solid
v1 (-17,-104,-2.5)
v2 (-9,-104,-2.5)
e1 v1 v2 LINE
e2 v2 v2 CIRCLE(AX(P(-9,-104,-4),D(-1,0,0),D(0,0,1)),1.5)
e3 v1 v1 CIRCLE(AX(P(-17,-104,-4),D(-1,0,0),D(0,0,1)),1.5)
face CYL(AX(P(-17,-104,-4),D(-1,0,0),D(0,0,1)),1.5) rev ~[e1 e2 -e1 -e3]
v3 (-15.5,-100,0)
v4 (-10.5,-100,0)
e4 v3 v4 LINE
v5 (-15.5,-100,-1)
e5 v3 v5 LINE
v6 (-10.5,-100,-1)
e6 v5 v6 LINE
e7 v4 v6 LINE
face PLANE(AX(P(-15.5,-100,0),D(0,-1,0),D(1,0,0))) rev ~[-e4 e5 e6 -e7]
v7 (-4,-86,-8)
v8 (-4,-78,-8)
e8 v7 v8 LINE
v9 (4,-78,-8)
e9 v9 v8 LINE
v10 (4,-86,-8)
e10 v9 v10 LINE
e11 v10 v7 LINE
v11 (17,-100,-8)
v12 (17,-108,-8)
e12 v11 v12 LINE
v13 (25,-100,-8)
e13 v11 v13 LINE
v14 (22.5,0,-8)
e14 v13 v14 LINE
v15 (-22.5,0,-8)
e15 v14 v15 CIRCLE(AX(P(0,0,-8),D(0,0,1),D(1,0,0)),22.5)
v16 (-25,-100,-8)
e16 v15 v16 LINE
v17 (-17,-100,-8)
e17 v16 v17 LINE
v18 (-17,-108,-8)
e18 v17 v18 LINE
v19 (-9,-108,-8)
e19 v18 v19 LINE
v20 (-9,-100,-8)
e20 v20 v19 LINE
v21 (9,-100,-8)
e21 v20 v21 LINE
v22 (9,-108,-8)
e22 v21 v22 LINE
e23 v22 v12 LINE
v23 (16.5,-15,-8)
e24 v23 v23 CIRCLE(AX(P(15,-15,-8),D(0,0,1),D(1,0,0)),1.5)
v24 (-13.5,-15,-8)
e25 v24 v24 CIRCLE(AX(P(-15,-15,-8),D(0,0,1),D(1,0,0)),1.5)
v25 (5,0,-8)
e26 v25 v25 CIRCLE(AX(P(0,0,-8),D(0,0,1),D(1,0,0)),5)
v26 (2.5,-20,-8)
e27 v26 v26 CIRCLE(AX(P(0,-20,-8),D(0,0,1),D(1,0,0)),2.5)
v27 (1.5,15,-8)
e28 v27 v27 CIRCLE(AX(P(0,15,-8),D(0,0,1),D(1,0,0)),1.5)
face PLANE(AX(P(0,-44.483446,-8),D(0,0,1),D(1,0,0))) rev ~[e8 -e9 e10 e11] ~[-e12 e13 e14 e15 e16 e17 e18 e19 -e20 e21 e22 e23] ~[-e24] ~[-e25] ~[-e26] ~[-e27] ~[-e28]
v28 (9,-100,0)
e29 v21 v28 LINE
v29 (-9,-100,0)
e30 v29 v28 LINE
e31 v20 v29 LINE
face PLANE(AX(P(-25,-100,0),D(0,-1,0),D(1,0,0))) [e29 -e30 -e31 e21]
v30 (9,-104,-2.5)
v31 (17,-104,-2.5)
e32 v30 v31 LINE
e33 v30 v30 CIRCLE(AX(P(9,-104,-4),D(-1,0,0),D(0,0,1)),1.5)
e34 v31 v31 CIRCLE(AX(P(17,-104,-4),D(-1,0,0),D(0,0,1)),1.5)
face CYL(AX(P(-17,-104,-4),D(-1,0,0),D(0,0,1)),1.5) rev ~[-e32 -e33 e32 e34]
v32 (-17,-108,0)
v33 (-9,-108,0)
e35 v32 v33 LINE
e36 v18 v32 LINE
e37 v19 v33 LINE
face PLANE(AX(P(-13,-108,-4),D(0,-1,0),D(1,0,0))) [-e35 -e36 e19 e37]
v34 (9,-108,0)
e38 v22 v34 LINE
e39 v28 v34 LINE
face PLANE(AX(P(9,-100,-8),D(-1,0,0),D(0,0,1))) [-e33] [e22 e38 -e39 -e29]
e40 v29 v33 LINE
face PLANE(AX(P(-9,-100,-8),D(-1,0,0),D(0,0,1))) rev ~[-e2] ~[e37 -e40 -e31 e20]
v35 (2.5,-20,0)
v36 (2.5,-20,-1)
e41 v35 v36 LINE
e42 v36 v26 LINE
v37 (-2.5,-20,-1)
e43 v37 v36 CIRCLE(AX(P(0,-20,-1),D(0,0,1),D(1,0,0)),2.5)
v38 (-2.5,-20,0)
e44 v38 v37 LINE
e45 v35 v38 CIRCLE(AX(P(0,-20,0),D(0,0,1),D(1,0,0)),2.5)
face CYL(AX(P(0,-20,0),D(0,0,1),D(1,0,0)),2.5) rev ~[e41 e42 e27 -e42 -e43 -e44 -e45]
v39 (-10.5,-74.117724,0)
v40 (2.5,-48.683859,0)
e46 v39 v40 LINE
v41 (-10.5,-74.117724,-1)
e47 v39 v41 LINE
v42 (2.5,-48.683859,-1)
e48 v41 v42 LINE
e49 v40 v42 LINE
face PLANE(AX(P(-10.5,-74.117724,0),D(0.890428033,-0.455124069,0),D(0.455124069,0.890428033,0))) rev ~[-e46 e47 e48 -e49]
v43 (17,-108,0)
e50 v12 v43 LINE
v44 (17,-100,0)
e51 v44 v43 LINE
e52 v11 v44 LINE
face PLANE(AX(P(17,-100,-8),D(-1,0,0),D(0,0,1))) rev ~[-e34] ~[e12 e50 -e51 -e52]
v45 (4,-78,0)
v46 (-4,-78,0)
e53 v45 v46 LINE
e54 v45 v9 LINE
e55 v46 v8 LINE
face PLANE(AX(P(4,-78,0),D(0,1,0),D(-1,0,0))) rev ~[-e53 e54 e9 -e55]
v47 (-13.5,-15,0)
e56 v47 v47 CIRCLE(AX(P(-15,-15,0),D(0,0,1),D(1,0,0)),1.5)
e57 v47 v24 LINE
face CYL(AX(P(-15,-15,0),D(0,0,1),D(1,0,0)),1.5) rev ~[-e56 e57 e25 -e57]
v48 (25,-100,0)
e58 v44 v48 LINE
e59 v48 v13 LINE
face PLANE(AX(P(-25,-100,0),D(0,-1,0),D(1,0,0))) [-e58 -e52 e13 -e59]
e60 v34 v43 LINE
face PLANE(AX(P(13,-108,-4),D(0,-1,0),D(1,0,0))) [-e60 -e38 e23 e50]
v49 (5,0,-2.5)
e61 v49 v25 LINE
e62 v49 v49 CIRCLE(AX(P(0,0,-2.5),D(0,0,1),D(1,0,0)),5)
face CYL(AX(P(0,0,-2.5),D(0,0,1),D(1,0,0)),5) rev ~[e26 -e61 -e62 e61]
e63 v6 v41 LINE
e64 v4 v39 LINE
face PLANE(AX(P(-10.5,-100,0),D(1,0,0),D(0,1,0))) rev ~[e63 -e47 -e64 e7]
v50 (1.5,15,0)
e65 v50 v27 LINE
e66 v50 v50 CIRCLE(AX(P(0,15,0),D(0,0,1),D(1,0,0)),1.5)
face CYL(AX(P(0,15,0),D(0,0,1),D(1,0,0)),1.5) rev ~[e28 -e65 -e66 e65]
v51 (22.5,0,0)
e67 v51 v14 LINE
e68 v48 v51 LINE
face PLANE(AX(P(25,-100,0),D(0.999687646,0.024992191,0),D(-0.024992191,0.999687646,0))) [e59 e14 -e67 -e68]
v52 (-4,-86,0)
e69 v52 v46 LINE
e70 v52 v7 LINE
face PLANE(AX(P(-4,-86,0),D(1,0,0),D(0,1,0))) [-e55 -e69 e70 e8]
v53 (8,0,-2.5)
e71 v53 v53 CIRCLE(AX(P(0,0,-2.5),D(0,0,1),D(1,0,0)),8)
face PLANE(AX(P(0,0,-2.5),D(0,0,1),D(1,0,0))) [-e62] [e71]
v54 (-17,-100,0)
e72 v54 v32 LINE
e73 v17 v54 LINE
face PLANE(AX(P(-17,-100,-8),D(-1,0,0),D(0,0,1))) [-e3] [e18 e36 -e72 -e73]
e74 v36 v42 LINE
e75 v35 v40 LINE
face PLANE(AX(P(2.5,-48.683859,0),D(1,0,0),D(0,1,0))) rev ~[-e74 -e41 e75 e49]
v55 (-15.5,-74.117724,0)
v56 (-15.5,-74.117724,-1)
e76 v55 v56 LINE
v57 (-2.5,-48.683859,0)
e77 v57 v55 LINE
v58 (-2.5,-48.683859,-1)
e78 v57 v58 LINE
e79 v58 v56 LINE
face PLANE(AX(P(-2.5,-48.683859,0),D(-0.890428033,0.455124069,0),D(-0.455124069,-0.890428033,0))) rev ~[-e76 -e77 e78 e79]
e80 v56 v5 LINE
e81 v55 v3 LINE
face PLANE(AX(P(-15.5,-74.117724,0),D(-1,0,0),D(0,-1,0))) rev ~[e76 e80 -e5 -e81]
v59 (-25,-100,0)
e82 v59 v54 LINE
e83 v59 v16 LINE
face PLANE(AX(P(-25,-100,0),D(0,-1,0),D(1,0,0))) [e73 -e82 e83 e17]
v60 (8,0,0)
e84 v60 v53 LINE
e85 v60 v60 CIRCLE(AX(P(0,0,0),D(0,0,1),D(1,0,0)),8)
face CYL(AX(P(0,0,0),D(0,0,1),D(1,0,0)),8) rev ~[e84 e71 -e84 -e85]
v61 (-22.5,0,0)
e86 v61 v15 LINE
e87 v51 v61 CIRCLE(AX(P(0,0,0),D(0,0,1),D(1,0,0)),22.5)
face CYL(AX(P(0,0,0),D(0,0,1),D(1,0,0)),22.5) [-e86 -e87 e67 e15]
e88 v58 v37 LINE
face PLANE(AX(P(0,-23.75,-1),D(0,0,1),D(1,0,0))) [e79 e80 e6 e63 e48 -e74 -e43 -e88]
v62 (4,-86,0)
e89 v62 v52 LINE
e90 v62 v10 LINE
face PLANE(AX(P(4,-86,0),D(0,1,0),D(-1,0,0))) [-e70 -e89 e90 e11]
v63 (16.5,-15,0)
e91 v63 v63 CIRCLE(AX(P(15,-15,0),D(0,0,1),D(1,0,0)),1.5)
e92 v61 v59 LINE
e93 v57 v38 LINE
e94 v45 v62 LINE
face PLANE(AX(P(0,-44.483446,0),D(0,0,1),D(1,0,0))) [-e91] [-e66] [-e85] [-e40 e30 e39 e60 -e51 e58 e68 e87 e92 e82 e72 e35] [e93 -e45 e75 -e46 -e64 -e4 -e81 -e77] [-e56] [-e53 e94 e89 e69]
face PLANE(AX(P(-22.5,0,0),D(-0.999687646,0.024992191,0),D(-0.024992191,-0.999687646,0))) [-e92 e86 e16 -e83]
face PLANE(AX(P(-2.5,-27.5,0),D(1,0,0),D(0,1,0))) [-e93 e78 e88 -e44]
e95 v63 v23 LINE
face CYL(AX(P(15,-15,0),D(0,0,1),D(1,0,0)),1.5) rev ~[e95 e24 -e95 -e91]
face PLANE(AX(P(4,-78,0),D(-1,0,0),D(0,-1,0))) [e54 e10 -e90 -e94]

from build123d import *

# Parameters (mm, degrees)
ARM_BOSS_EXTRUDE1_DEPTH                    = 8
SKETCH2_R                                  = 8
BEARING_CUT_EXTRUDE1_DEPTH                 = 2.5
SKETCH3_R                                  = 5
SHAFT_HOLE_CUT_EXTRUDE2_DEPTH              = 5.5
SKETCH4_R                                  = 2.5
CABLE_HOLE_CUT_EXTRUDE3_DEPTH              = 8
SKETCH5_W                                  = 8
SKETCH5_H                                  = 8
PUZZLE_SLOT_BOSS_EXTRUDE2_DEPTH            = 8
SKETCH6_W                                  = 5
SKETCH6_H                                  = 7.5
CABLE_CUT_EXTRUDE4_DEPTH                   = 1
SKETCH7_R                                  = 1.5
MOUNTING_HOLES_CUT_EXTRUDE5_DEPTH          = 8
PUZZLE_SLOT_SCREW_HOLES_CUT_EXTRUDE6_REACH = 118.155
SKETCH8_R                                  = 1.5
SIDE_PUZZLE_SLOT_CUT_EXTRUDE7_DEPTH        = 8
CABLE_LOWER_CUT_EXTRUDE8_DEPTH             = 1


with BuildPart() as part:
    # Sketch1 → Arm Boss-Extrude1 (new body)
    with BuildSketch(Plane.XY):
        with BuildLine():
            Line((-22.5, 0), (-25, -100))
            Line((-25, -100), (0, -100))
            Line((0, -100), (25, -100))
            Line((25, -100), (22.5, 0))
            ThreePointArc((22.5, 0), (0, 22.5), (-22.5, 0))
        make_face()
    extrude(amount=-ARM_BOSS_EXTRUDE1_DEPTH)

    # Sketch2 → Bearing Cut-Extrude1 (cut)
    with BuildSketch(Plane.XY):
        Circle(SKETCH2_R)
    extrude(amount=-BEARING_CUT_EXTRUDE1_DEPTH, mode=Mode.SUBTRACT)

    # Sketch3 → Shaft Hole Cut-Extrude2 (cut)
    with BuildSketch(Plane.XY.offset(-2.5)):
        Circle(SKETCH3_R)
    extrude(amount=-SHAFT_HOLE_CUT_EXTRUDE2_DEPTH, mode=Mode.SUBTRACT)

    # Sketch4 → Cable Hole Cut-Extrude3 (cut)
    with BuildSketch(Plane.XY):
        with Locations((0, -20)):
            Circle(SKETCH4_R)
    extrude(amount=-CABLE_HOLE_CUT_EXTRUDE3_DEPTH, mode=Mode.SUBTRACT)

    # Sketch5 → Puzzle Slot Boss-Extrude2 (add)
    with BuildSketch(Plane.XZ.offset(100)):
        with Locations((-13, -4)):
            Rectangle(SKETCH5_W, SKETCH5_H)
        with Locations((13, -4)):
            Rectangle(SKETCH5_W, SKETCH5_H)
    extrude(amount=PUZZLE_SLOT_BOSS_EXTRUDE2_DEPTH)

    # Sketch6 → Cable Cut-Extrude4 (cut)
    with BuildSketch(Plane.XY):
        with Locations((0, -23.75)):
            Rectangle(SKETCH6_W, SKETCH6_H)
    extrude(amount=-CABLE_CUT_EXTRUDE4_DEPTH, mode=Mode.SUBTRACT)

    # Sketch7 → Mounting Holes Cut-Extrude5 (cut)
    with BuildSketch(Plane.XY):
        with Locations((-15, -15)):
            Circle(SKETCH7_R)
        with Locations((15, -15)):
            Circle(SKETCH7_R)
        with Locations((0, 15)):
            Circle(SKETCH7_R)
    extrude(amount=-MOUNTING_HOLES_CUT_EXTRUDE5_DEPTH, mode=Mode.SUBTRACT)

    # Puzzle Slot Screw Holes Cut-Extrude6: up to this face of the body (flat: up to its plane)
    puzzle_slot_screw_holes_cut_extrude6_end = Plane(part.part.faces().sort_by_distance((17, -104, -4))[0])
    # Sketch8 → Puzzle Slot Screw Holes Cut-Extrude6 (cut, up to the picked face)
    with BuildSketch(Plane.ZY.offset(17), mode=Mode.PRIVATE) as puzzle_slot_screw_holes_cut_extrude6_sk1:
        with Locations((-4, -104)):
            Circle(SKETCH8_R)
    puzzle_slot_screw_holes_cut_extrude6_tool1 = split(extrude(puzzle_slot_screw_holes_cut_extrude6_sk1.sketch, amount=-PUZZLE_SLOT_SCREW_HOLES_CUT_EXTRUDE6_REACH, mode=Mode.PRIVATE), bisect_by=puzzle_slot_screw_holes_cut_extrude6_end, keep=Keep.BOTH, mode=Mode.PRIVATE)
    add(puzzle_slot_screw_holes_cut_extrude6_tool1.solids().sort_by(Axis((-17, -104, -4), (1, 0, 0)))[0], mode=Mode.SUBTRACT)

    # Sketch9 → Side Puzzle Slot Cut-Extrude7 (cut)
    with BuildSketch(Plane.XY):
        Polygon((-4, -78), (0, -78), (4, -78), (4, -86), (-4, -86), align=None)
    extrude(amount=-SIDE_PUZZLE_SLOT_CUT_EXTRUDE7_DEPTH, mode=Mode.SUBTRACT)

    # Sketch10 → Cable Lower Cut-Extrude8 (cut)
    with BuildSketch(Plane.XY):
        Polygon((-15.5, -100), (-10.5, -100), (-10.5, -74.117724453), (2.5, -48.683858805), (2.5, -27.5), (-2.5, -27.5), (-2.5, -48.683858805), (-15.5, -74.117724453), align=None)
    extrude(amount=-CABLE_LOWER_CUT_EXTRUDE8_DEPTH, mode=Mode.SUBTRACT)


solid = part.part
